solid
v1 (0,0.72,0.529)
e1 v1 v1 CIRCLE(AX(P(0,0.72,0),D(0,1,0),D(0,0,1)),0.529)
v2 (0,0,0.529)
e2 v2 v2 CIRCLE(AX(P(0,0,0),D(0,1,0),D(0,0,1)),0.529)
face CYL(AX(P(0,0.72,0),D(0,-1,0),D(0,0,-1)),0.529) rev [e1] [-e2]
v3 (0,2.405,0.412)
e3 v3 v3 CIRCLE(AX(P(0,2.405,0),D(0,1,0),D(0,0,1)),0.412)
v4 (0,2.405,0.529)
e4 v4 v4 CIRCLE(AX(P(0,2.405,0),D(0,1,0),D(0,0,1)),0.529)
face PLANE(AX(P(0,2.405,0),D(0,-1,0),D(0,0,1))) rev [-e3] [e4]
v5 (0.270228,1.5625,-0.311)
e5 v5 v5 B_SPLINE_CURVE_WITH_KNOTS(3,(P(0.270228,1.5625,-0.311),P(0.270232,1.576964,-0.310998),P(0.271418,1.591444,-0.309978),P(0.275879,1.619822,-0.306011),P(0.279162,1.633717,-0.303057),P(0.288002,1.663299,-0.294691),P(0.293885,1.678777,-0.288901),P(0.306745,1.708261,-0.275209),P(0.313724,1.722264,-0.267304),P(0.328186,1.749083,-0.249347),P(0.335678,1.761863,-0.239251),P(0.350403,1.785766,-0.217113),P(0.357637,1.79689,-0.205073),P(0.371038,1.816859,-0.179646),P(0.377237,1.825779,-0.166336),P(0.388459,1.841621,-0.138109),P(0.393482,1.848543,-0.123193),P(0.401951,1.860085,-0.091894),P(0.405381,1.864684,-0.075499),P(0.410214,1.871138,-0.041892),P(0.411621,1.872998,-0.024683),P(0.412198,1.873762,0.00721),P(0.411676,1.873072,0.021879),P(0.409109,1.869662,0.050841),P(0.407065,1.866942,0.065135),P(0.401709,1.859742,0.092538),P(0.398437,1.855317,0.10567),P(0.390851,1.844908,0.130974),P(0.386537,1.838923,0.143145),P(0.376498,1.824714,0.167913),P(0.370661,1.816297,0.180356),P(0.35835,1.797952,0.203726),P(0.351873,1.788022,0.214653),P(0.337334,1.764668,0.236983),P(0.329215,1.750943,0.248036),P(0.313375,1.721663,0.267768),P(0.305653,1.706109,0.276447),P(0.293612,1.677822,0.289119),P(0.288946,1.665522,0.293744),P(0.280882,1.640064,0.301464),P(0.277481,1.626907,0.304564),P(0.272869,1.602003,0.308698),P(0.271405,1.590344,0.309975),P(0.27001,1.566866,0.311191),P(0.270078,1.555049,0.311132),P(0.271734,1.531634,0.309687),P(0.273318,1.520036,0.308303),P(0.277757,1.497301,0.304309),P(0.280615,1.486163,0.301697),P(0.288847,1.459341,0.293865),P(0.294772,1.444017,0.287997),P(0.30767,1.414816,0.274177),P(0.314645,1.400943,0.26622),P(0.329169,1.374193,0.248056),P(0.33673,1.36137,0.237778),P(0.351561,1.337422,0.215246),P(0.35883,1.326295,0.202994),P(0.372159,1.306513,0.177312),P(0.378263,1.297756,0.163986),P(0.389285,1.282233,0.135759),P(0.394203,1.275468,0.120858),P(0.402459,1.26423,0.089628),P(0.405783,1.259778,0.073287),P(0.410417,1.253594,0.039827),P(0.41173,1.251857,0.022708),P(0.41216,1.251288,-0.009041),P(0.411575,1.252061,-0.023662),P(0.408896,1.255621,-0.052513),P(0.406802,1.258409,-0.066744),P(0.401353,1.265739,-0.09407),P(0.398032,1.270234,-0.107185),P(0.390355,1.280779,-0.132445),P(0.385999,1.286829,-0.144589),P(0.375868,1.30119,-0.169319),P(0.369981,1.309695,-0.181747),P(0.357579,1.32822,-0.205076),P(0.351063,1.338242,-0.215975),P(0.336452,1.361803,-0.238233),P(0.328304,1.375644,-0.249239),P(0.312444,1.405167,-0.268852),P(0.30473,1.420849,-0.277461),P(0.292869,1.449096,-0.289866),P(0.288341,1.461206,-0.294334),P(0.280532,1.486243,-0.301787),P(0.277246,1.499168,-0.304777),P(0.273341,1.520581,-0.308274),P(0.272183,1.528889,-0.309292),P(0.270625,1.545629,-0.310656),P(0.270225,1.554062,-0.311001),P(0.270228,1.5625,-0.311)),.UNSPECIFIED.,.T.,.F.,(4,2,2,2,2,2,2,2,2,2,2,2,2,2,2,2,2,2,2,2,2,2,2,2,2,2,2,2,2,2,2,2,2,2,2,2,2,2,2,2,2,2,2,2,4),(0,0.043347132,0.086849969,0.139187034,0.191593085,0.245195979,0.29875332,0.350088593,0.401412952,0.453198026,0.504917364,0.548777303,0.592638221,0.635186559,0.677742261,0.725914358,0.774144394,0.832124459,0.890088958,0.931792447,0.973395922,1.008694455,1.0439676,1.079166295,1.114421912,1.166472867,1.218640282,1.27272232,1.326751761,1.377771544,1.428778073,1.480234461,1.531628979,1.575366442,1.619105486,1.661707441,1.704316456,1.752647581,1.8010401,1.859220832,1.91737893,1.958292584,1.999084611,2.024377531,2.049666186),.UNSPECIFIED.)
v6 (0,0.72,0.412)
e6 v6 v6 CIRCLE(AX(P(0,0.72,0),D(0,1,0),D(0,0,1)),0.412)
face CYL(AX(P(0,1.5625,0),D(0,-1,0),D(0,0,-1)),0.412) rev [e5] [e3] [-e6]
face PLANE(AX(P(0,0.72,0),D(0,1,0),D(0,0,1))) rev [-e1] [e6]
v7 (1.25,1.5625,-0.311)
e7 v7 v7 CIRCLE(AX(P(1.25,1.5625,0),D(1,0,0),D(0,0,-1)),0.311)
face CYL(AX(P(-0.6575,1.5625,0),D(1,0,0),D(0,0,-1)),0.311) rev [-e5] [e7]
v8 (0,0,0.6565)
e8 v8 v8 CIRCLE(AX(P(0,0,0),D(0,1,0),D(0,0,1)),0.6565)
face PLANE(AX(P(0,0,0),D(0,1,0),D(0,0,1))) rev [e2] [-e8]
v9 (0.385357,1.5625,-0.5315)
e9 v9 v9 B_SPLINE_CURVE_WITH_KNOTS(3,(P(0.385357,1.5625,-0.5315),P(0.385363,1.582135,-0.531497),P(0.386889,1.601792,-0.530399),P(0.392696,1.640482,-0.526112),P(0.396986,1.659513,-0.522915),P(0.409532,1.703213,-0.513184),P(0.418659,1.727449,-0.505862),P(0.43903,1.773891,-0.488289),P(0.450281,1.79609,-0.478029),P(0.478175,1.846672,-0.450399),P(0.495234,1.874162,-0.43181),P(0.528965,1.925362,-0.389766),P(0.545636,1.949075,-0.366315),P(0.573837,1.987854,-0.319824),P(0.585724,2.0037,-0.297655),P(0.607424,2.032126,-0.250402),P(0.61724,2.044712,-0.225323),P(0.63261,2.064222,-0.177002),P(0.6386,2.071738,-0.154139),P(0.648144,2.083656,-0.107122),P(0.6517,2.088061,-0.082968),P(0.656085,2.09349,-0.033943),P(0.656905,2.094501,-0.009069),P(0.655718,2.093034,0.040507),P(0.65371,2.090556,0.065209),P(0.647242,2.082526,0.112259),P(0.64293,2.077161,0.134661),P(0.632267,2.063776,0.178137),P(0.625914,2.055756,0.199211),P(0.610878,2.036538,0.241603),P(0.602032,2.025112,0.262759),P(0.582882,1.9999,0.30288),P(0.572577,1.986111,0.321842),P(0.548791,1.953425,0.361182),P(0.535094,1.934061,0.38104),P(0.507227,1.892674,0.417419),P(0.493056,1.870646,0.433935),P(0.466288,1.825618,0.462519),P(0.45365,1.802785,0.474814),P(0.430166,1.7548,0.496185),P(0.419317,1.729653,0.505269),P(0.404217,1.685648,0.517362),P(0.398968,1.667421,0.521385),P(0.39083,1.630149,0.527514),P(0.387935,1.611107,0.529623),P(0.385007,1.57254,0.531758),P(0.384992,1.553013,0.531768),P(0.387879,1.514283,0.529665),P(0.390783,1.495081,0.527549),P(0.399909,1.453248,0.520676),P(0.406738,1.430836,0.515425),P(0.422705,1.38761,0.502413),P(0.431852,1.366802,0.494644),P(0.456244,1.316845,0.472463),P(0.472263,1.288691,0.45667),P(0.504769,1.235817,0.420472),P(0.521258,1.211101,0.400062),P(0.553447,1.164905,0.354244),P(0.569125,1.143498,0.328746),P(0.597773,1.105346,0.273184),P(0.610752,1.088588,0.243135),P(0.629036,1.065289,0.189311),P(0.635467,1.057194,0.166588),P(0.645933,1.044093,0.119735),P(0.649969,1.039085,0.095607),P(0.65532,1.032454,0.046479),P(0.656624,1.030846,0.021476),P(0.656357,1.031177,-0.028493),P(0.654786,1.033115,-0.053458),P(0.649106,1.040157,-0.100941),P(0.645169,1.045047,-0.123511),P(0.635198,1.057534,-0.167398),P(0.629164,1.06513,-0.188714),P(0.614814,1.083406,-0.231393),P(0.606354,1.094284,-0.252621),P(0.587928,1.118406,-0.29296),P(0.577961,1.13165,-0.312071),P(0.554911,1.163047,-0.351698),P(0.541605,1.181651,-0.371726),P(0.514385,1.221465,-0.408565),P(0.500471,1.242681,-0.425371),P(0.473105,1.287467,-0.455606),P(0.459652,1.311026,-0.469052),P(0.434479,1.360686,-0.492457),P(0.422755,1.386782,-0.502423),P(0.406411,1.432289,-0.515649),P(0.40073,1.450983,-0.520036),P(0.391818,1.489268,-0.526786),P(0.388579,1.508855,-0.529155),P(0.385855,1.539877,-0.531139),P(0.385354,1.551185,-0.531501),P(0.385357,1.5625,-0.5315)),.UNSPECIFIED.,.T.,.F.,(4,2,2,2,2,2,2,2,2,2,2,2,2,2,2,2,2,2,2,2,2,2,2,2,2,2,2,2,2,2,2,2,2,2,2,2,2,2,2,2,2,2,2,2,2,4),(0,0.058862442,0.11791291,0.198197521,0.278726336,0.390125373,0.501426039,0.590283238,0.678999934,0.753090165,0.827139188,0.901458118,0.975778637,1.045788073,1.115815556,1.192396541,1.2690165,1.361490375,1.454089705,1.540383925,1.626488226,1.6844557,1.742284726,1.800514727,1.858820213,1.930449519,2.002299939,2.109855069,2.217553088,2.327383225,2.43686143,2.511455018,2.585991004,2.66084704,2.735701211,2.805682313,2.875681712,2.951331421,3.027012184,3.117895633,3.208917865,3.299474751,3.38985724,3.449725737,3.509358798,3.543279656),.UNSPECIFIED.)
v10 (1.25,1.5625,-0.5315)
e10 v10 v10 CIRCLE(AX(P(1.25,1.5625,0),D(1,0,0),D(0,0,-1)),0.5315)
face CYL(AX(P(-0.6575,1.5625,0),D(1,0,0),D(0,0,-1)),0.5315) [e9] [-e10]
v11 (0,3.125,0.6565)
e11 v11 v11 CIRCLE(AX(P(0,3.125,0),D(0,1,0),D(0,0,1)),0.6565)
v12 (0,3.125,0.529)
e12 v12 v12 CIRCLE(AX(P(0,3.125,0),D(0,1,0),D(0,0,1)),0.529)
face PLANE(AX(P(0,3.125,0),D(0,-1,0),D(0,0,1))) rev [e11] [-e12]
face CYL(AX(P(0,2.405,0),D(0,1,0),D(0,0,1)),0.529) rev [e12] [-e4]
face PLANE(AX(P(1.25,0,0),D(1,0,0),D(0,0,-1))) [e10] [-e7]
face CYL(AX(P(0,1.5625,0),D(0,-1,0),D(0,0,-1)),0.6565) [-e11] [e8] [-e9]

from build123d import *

# Parameters (mm, degrees)
SKETCH1_R                = 0.6565
SKETCH1_R_2              = 0.529
SKETCH1_R_3              = 0.412
BOSS_EXTRUDE1_DEPTH      = 1.5625
SKETCH1_3_R              = 0.529
SKETCH1_3_R_2            = 0.412
CUT_EXTRUDE1_DEPTH       = 0.72
BOSS_EXTRUDE2_REACH      = 5.719
BOSS_EXTRUDE2_END_RADIUS = 0.6565
CUT_EXTRUDE2_REACH       = 5.719


with BuildPart() as part:
    # Sketch1 → Boss-Extrude1 (new body)
    # profile 1 of 2: a face of its own
    with BuildSketch(Plane(origin=(0, 0, 0), x_dir=(1, 0, 0), z_dir=(0, 1, 0))):
        with Locations(Location((0, 0, 0), (0, 0, 270))):
            Circle(SKETCH1_R)
        Circle(SKETCH1_R_2, mode=Mode.SUBTRACT)
    # profile 2 of 2: a face of its own
    with BuildSketch(Plane(origin=(0, 0, 0), x_dir=(1, 0, 0), z_dir=(0, 1, 0))):
        Circle(SKETCH1_R_2)
        with Locations(Location((0, 0, 0), (0, 0, 270))):
            Circle(SKETCH1_R_3, mode=Mode.SUBTRACT)
    boss_extrude1 = extrude(amount=BOSS_EXTRUDE1_DEPTH)

    # Sketch1<3> → Cut-Extrude1 (cut)
    with BuildSketch(Plane(origin=(0, 0, 0), x_dir=(1, 0, 0), z_dir=(0, 1, 0))):
        with Locations(Location((0, 0, 0), (0, 0, 270))):
            Circle(SKETCH1_3_R)
        with Locations(Location((0, 0, 0), (0, 0, 270))):
            Circle(SKETCH1_3_R_2, mode=Mode.SUBTRACT)
    cut_extrude1 = extrude(amount=CUT_EXTRUDE1_DEPTH, mode=Mode.SUBTRACT)

    # Mirror1: Boss-Extrude1, Cut-Extrude1 across plane
    add(boss_extrude1.mirror(Plane.ZX.offset(1.5625)))
    add(cut_extrude1.mirror(Plane.ZX.offset(1.5625)), mode=Mode.SUBTRACT)

    # Boss-Extrude2: up to this cylinder (the profile starts outside it)
    boss_extrude2_end = Plane(origin=(0, 1.378788, 0), z_dir=(0, -1, 0)) * Cylinder(BOSS_EXTRUDE2_END_RADIUS, 14.118424, mode=Mode.PRIVATE)
    # Sketch2 → Boss-Extrude2 (add, up to the surface)
    with BuildSketch(Plane(origin=(1.25, 0, 0), x_dir=(0, 0, -1), z_dir=(1, 0, 0)), mode=Mode.PRIVATE) as boss_extrude2_sk1:
        with BuildLine():
            ThreePointArc((0.5315, 1.5625), (0.375827254, 1.938327254), (0, 2.094))
            Line((0, 2.094), (0, 1.9865))
            ThreePointArc((0, 1.9865), (0.299813275, 1.862313275), (0.424, 1.5625))
            ThreePointArc((0.424, 1.5625), (0.299813275, 1.262686725), (0, 1.1385))
            Line((0, 1.1385), (0, 1.031))
            ThreePointArc((0, 1.031), (0.375827254, 1.186672746), (0.5315, 1.5625))
        make_face()
    boss_extrude2_tool1 = extrude(boss_extrude2_sk1.sketch, amount=-BOSS_EXTRUDE2_REACH, mode=Mode.PRIVATE) - boss_extrude2_end
    add(boss_extrude2_tool1.solids().sort_by_distance((1.25, 1.195076, -0.367424))[0])
    # Sketch2 → Boss-Extrude2 (add, up to the surface)
    with BuildSketch(Plane(origin=(1.25, 0, 0), x_dir=(0, 0, -1), z_dir=(1, 0, 0)), mode=Mode.PRIVATE) as boss_extrude2_sk2:
        with BuildLine():
            Line((0, 1.9865), (0, 2.094))
            ThreePointArc((0, 2.094), (-0.5315, 1.5625), (0, 1.031))
            Line((0, 1.031), (0, 1.1385))
            ThreePointArc((0, 1.1385), (-0.424, 1.5625), (0, 1.9865))
        make_face()
    boss_extrude2_tool2 = extrude(boss_extrude2_sk2.sketch, amount=-BOSS_EXTRUDE2_REACH, mode=Mode.PRIVATE) - boss_extrude2_end
    add(boss_extrude2_tool2.solids().sort_by_distance((1.25, 1.5625, 0.519615))[0])
    # Sketch2 → Boss-Extrude2 (add, up to the surface)
    with BuildSketch(Plane(origin=(1.25, 0, 0), x_dir=(0, 0, -1), z_dir=(1, 0, 0)), mode=Mode.PRIVATE) as boss_extrude2_sk3:
        with BuildLine():
            ThreePointArc((0.424, 1.5625), (0.299813275, 1.862313275), (0, 1.9865))
            Line((0, 1.9865), (0, 1.8735))
            ThreePointArc((0, 1.8735), (0.219910209, 1.782410209), (0.311, 1.5625))
            ThreePointArc((0.311, 1.5625), (0.219910209, 1.342589791), (0, 1.2515))
            Line((0, 1.2515), (0, 1.1385))
            ThreePointArc((0, 1.1385), (0.299813275, 1.262686725), (0.424, 1.5625))
        make_face()
    boss_extrude2_tool3 = extrude(boss_extrude2_sk3.sketch, amount=-BOSS_EXTRUDE2_REACH, mode=Mode.PRIVATE) - boss_extrude2_end
    add(boss_extrude2_tool3.solids().sort_by_distance((1.25, 1.269391, -0.293109))[0])
    # Sketch2 → Boss-Extrude2 (add, up to the surface)
    with BuildSketch(Plane(origin=(1.25, 0, 0), x_dir=(0, 0, -1), z_dir=(1, 0, 0)), mode=Mode.PRIVATE) as boss_extrude2_sk4:
        with BuildLine():
            Line((0, 1.8735), (0, 1.9865))
            ThreePointArc((0, 1.9865), (-0.424, 1.5625), (0, 1.1385))
            Line((0, 1.1385), (0, 1.2515))
            ThreePointArc((0, 1.2515), (-0.311, 1.5625), (0, 1.8735))
        make_face()
    boss_extrude2_tool4 = extrude(boss_extrude2_sk4.sketch, amount=-BOSS_EXTRUDE2_REACH, mode=Mode.PRIVATE) - boss_extrude2_end
    add(boss_extrude2_tool4.solids().sort_by_distance((1.25, 1.5625, 0.320481))[0])
    # Sketch2 → Boss-Extrude2 (add, up to the surface)
    with BuildSketch(Plane(origin=(1.25, 0, 0), x_dir=(0, 0, -1), z_dir=(1, 0, 0)), mode=Mode.PRIVATE) as boss_extrude2_sk5:
        with BuildLine():
            ThreePointArc((0.424, 1.5625), (0.299813275, 1.862313275), (0, 1.9865))
            Line((0, 1.9865), (0, 1.8735))
            ThreePointArc((0, 1.8735), (0.219910209, 1.782410209), (0.311, 1.5625))
            ThreePointArc((0.311, 1.5625), (0.219910209, 1.342589791), (0, 1.2515))
            Line((0, 1.2515), (0, 1.1385))
            ThreePointArc((0, 1.1385), (0.299813275, 1.262686725), (0.424, 1.5625))
        make_face()
    boss_extrude2_tool5 = extrude(boss_extrude2_sk5.sketch, amount=-BOSS_EXTRUDE2_REACH, mode=Mode.PRIVATE) - boss_extrude2_end
    add(boss_extrude2_tool5.solids().sort_by_distance((1.25, 1.269391, -0.293109))[0])
    # Sketch2 → Boss-Extrude2 (add, up to the surface)
    with BuildSketch(Plane(origin=(1.25, 0, 0), x_dir=(0, 0, -1), z_dir=(1, 0, 0)), mode=Mode.PRIVATE) as boss_extrude2_sk6:
        with BuildLine():
            Line((0, 1.8735), (0, 1.9865))
            ThreePointArc((0, 1.9865), (-0.424, 1.5625), (0, 1.1385))
            Line((0, 1.1385), (0, 1.2515))
            ThreePointArc((0, 1.2515), (-0.311, 1.5625), (0, 1.8735))
        make_face()
    boss_extrude2_tool6 = extrude(boss_extrude2_sk6.sketch, amount=-BOSS_EXTRUDE2_REACH, mode=Mode.PRIVATE) - boss_extrude2_end
    add(boss_extrude2_tool6.solids().sort_by_distance((1.25, 1.5625, 0.320481))[0])
    # Sketch2 → Boss-Extrude2 (add, up to the surface)
    with BuildSketch(Plane(origin=(1.25, 0, 0), x_dir=(0, 0, -1), z_dir=(1, 0, 0)), mode=Mode.PRIVATE) as boss_extrude2_sk7:
        with BuildLine():
            ThreePointArc((0.5315, 1.5625), (0.375827254, 1.938327254), (0, 2.094))
            Line((0, 2.094), (0, 1.9865))
            ThreePointArc((0, 1.9865), (0.299813275, 1.862313275), (0.424, 1.5625))
            ThreePointArc((0.424, 1.5625), (0.299813275, 1.262686725), (0, 1.1385))
            Line((0, 1.1385), (0, 1.031))
            ThreePointArc((0, 1.031), (0.375827254, 1.186672746), (0.5315, 1.5625))
        make_face()
    boss_extrude2_tool7 = extrude(boss_extrude2_sk7.sketch, amount=-BOSS_EXTRUDE2_REACH, mode=Mode.PRIVATE) - boss_extrude2_end
    add(boss_extrude2_tool7.solids().sort_by_distance((1.25, 1.195076, -0.367424))[0])
    # Sketch2 → Boss-Extrude2 (add, up to the surface)
    with BuildSketch(Plane(origin=(1.25, 0, 0), x_dir=(0, 0, -1), z_dir=(1, 0, 0)), mode=Mode.PRIVATE) as boss_extrude2_sk8:
        with BuildLine():
            Line((0, 1.9865), (0, 2.094))
            ThreePointArc((0, 2.094), (-0.5315, 1.5625), (0, 1.031))
            Line((0, 1.031), (0, 1.1385))
            ThreePointArc((0, 1.1385), (-0.424, 1.5625), (0, 1.9865))
        make_face()
    boss_extrude2_tool8 = extrude(boss_extrude2_sk8.sketch, amount=-BOSS_EXTRUDE2_REACH, mode=Mode.PRIVATE) - boss_extrude2_end
    add(boss_extrude2_tool8.solids().sort_by_distance((1.25, 1.5625, 0.519615))[0])

    # Sketch2<3> → Cut-Extrude2 (cut, up to next)
    with BuildSketch(Plane(origin=(1.25, 0, 0), x_dir=(0, 0, -1), z_dir=(1, 0, 0)), mode=Mode.PRIVATE) as cut_extrude2_sk1:
        with BuildLine():
            ThreePointArc((0.311, 1.5625), (0.219910209, 1.782410209), (0, 1.8735))
            Line((0, 1.8735), (0, 1.2515))
            ThreePointArc((0, 1.2515), (0.219910209, 1.342589791), (0.311, 1.5625))
        make_face()
    cut_extrude2_tool1 = extrude(cut_extrude2_sk1.sketch, amount=-CUT_EXTRUDE2_REACH, mode=Mode.PRIVATE) & part.part
    # Sketch2<3> → Cut-Extrude2 (cut, up to next)
    with BuildSketch(Plane(origin=(1.25, 0, 0), x_dir=(0, 0, -1), z_dir=(1, 0, 0)), mode=Mode.PRIVATE) as cut_extrude2_sk2:
        with BuildLine():
            Line((0, 1.2515), (0, 1.8735))
            ThreePointArc((0, 1.8735), (-0.311, 1.5625), (0, 1.2515))
        make_face()
    cut_extrude2_tool2 = extrude(cut_extrude2_sk2.sketch, amount=-CUT_EXTRUDE2_REACH, mode=Mode.PRIVATE) & part.part
    # Sketch2<3> → Cut-Extrude2 (cut, up to next)
    with BuildSketch(Plane(origin=(1.25, 0, 0), x_dir=(0, 0, -1), z_dir=(1, 0, 0)), mode=Mode.PRIVATE) as cut_extrude2_sk3:
        with BuildLine():
            ThreePointArc((0.311, 1.5625), (0.219910209, 1.782410209), (0, 1.8735))
            Line((0, 1.8735), (0, 1.2515))
            ThreePointArc((0, 1.2515), (0.219910209, 1.342589791), (0.311, 1.5625))
        make_face()
    cut_extrude2_tool3 = extrude(cut_extrude2_sk3.sketch, amount=-CUT_EXTRUDE2_REACH, mode=Mode.PRIVATE) & part.part
    # Sketch2<3> → Cut-Extrude2 (cut, up to next)
    with BuildSketch(Plane(origin=(1.25, 0, 0), x_dir=(0, 0, -1), z_dir=(1, 0, 0)), mode=Mode.PRIVATE) as cut_extrude2_sk4:
        with BuildLine():
            Line((0, 1.2515), (0, 1.8735))
            ThreePointArc((0, 1.8735), (-0.311, 1.5625), (0, 1.2515))
        make_face()
    cut_extrude2_tool4 = extrude(cut_extrude2_sk4.sketch, amount=-CUT_EXTRUDE2_REACH, mode=Mode.PRIVATE) & part.part
    add(cut_extrude2_tool1.solids().sort_by_distance((1.25, 1.5625, -0.131992))[0], mode=Mode.SUBTRACT)
    add(cut_extrude2_tool2.solids().sort_by_distance((1.25, 1.5625, 0.131992))[0], mode=Mode.SUBTRACT)
    add(cut_extrude2_tool3.solids().sort_by_distance((1.25, 1.5625, -0.131992))[0], mode=Mode.SUBTRACT)
    add(cut_extrude2_tool4.solids().sort_by_distance((1.25, 1.5625, 0.131992))[0], mode=Mode.SUBTRACT)


solid = part.part
